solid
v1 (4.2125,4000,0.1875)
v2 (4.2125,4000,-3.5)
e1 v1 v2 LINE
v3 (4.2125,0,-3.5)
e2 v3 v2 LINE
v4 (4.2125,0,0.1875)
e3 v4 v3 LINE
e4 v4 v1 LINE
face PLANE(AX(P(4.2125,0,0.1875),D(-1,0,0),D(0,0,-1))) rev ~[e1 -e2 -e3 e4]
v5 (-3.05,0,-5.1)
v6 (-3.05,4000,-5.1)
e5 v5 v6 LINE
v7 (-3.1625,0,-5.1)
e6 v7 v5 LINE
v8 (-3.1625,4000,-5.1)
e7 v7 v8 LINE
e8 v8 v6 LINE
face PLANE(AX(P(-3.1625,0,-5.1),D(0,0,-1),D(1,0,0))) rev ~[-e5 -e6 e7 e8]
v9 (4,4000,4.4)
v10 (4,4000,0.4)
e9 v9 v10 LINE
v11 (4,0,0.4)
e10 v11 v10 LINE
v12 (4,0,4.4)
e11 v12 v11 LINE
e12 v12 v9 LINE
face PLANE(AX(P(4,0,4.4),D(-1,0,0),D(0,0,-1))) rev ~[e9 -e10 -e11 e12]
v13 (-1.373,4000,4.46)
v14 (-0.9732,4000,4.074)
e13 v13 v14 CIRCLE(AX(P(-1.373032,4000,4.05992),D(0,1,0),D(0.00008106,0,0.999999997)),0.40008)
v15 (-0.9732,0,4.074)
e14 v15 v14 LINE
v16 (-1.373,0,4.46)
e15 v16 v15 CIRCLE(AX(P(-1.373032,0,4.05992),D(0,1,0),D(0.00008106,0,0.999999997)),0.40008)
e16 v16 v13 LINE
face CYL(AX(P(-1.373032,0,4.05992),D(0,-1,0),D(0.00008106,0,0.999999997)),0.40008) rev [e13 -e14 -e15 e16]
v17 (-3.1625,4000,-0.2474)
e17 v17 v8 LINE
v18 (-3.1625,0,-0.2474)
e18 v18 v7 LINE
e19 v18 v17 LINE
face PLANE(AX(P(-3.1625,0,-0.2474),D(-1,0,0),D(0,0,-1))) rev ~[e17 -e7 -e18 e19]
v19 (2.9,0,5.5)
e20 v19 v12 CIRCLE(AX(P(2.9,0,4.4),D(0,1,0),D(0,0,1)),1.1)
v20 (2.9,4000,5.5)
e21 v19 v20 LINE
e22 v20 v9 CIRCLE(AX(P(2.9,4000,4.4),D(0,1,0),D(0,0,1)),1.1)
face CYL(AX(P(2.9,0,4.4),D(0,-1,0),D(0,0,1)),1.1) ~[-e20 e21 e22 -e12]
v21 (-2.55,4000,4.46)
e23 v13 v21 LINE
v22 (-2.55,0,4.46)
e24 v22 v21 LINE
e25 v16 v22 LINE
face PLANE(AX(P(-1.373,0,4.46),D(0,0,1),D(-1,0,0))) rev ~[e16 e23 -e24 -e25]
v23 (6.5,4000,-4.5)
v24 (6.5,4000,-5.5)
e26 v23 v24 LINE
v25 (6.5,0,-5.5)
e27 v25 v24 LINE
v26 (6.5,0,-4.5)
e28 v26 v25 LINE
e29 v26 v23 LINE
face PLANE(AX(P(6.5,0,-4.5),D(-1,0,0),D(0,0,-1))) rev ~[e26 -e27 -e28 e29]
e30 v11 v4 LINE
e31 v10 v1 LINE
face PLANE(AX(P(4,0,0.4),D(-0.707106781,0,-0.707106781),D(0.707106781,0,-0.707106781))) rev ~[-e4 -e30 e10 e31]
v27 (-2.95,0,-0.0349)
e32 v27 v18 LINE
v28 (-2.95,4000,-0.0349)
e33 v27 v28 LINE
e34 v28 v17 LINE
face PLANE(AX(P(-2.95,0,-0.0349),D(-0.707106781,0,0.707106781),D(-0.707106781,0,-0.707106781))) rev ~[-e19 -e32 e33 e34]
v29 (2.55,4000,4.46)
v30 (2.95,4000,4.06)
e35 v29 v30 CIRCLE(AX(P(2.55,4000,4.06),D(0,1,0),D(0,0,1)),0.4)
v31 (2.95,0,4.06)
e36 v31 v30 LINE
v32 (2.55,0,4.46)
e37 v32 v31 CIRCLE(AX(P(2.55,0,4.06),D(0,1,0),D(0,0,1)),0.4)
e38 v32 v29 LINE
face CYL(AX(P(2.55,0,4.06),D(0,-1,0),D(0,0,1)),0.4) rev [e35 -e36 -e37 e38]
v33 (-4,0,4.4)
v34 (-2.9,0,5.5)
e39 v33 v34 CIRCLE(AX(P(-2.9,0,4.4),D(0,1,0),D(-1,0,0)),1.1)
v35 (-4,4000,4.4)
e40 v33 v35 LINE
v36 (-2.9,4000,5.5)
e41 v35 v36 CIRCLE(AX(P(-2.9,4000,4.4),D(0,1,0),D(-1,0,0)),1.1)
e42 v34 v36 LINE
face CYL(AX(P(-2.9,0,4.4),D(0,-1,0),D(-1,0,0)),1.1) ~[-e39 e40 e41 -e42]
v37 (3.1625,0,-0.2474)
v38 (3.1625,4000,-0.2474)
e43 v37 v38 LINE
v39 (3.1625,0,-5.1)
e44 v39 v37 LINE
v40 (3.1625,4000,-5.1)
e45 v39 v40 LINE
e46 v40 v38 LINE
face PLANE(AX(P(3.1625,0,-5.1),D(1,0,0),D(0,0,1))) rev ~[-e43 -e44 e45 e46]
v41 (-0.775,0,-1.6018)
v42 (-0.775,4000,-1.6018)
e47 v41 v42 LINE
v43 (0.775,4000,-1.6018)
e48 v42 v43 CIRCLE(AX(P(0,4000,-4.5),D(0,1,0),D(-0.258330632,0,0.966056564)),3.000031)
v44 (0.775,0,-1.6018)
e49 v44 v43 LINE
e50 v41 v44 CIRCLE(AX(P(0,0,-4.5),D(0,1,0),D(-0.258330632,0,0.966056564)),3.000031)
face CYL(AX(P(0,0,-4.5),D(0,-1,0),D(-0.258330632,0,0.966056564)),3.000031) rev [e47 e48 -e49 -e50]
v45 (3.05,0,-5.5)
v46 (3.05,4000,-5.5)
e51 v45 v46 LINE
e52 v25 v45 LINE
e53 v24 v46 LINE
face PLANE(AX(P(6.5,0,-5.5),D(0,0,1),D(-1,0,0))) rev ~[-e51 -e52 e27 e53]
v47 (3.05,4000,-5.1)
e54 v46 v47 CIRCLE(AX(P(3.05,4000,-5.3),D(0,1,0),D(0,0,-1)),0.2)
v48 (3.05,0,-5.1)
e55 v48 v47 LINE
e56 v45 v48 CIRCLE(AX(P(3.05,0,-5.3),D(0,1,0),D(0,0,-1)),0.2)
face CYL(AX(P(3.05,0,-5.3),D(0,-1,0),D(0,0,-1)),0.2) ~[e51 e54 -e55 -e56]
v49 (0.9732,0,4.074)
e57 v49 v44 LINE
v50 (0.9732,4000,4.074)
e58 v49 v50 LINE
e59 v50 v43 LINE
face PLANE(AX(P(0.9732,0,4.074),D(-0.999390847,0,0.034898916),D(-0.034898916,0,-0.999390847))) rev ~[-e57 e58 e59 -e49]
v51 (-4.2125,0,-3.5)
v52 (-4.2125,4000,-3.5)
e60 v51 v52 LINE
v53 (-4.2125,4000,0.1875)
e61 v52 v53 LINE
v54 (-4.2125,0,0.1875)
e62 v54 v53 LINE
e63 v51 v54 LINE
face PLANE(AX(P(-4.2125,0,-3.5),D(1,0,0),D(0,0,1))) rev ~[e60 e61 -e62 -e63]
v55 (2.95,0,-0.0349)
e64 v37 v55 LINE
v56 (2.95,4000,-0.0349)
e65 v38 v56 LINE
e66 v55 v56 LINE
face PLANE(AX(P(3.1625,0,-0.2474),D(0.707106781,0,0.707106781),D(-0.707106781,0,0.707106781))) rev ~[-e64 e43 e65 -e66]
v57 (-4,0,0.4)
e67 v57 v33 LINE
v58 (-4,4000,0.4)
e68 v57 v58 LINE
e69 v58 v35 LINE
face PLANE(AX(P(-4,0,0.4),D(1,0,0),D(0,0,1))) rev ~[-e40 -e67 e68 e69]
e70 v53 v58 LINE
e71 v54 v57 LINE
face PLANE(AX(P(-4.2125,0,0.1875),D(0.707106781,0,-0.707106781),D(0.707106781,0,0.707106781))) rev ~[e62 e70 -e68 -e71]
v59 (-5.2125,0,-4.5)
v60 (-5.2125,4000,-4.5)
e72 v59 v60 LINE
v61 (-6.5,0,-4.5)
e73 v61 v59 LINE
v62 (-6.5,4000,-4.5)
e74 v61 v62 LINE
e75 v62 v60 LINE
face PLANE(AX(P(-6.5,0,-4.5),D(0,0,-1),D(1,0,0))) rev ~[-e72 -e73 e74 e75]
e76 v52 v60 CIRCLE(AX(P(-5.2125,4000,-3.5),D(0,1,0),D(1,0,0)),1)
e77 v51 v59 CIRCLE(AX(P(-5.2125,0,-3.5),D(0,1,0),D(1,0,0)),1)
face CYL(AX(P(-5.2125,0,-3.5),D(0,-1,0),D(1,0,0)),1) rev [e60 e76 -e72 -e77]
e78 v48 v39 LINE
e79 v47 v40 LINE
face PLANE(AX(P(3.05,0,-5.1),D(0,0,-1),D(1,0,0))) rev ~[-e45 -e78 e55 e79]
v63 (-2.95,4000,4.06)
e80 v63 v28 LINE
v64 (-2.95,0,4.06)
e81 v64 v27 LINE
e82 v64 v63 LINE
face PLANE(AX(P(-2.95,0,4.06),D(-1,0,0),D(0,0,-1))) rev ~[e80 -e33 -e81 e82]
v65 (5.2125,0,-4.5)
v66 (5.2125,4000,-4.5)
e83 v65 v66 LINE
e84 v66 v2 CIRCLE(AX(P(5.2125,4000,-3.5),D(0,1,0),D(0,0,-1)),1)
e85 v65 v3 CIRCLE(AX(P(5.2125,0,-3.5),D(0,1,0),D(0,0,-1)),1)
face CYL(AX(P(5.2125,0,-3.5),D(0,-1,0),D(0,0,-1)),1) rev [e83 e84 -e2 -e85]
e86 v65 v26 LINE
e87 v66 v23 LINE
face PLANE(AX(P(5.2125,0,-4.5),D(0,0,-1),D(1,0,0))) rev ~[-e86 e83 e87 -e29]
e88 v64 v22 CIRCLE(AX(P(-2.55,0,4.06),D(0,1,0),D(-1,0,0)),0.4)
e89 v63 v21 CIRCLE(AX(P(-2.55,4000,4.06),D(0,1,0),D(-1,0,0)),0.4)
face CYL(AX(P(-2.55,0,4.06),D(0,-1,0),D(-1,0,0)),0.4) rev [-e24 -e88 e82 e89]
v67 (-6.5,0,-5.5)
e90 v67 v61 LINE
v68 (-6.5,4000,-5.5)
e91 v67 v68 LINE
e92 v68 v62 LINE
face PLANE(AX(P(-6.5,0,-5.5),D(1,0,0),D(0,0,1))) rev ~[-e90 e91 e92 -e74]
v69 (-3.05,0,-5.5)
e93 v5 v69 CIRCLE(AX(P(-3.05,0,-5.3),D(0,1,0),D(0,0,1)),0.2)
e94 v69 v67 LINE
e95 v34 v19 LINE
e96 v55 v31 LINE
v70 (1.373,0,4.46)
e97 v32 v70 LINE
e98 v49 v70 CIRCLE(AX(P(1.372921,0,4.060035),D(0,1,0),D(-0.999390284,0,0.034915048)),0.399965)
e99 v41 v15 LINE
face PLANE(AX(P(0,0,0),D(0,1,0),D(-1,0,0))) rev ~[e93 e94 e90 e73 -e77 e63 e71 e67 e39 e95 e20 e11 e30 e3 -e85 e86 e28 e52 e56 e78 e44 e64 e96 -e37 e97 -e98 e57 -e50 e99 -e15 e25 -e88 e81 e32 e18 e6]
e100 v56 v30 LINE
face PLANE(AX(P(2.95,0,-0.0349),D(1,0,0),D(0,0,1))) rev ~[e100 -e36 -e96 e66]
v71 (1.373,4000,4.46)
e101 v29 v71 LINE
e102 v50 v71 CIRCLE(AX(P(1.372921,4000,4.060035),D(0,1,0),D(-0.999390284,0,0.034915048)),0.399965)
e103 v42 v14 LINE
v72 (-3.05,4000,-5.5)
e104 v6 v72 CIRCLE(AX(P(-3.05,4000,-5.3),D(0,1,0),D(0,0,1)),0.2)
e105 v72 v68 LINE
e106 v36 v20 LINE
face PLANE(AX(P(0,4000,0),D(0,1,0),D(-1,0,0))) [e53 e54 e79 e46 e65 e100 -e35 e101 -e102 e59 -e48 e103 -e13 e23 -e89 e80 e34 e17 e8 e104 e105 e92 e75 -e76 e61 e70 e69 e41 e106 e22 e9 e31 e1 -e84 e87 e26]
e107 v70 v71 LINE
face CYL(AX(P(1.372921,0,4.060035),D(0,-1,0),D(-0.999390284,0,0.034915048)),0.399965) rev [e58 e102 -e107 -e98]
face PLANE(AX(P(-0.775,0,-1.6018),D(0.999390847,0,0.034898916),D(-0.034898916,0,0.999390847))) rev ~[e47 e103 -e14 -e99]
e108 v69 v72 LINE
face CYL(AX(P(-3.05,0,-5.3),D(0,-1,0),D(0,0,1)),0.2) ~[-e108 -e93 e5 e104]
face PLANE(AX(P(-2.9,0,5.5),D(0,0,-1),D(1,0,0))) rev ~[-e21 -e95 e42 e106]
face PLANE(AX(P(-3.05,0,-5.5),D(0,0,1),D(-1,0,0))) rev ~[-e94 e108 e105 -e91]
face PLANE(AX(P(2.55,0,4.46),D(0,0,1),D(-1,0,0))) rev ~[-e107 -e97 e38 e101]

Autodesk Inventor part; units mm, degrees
ref_plane "YZ Plane" through (0, 0, 0) normal (1, 0, 0) x (0, 1, 0)
ref_plane "Start Plane" through (0, 0, 0) normal (0, 1, 0) x (-1, 0, 0)
ref_plane "End Plane" through (0, 4000, 0) normal (0, 1, 0) x (-1, 0, 0)
sketch "Sketch1" plane through (0, 0, 0) normal (0, 1, 0) x (-1, 0, 0)
  arc A0 (-3.05, -5.5) -> (-3.05, -5.1) centre (-3.05, -5.3) ccw
  line L0 (-3.05, -5.1) -> (-3.1625, -5.1)
  line L1 (-3.1625, -5.1) -> (-3.1625, -0.2474)
  line L2 (-3.1625, -0.2474) -> (-2.95, -0.0349)
  line L3 (-2.95, -0.0349) -> (-2.95, 4.06)
  arc A1 (-2.55, 4.46) -> (-2.95, 4.06) centre (-2.55, 4.06) ccw
  line L4 (-2.55, 4.46) -> (-1.373, 4.46)
  arc A2 (-0.9732, 4.074) -> (-1.373, 4.46) centre (-1.373, 4.06) ccw
  line L5 (-0.9732, 4.074) -> (-0.775, -1.6018)
  arc A3 (0.775, -1.6018) -> (-0.775, -1.6018) centre (0, -4.5) ccw
  line L6 (0.775, -1.6018) -> (0.9732, 4.074)
  arc A4 (1.373, 4.46) -> (0.9732, 4.074) centre (1.373, 4.06) ccw
  line L7 (1.373, 4.46) -> (2.55, 4.46)
  arc A5 (2.95, 4.06) -> (2.55, 4.46) centre (2.55, 4.06) ccw
  line L8 (2.95, 4.06) -> (2.95, -0.0349)
  line L9 (2.95, -0.0349) -> (3.1625, -0.2474)
  line L10 (3.1625, -0.2474) -> (3.1625, -5.1)
  line L11 (3.1625, -5.1) -> (3.05, -5.1)
  arc A6 (3.05, -5.1) -> (3.05, -5.5) centre (3.05, -5.3) ccw
  line L12 (3.05, -5.5) -> (6.5, -5.5)
  line L13 (6.5, -5.5) -> (6.5, -4.5)
  line L14 (6.5, -4.5) -> (5.2125, -4.5)
  arc A7 (4.2125, -3.5) -> (5.2125, -4.5) centre (5.2125, -3.5) ccw
  line L15 (4.2125, -3.5) -> (4.2125, 0.1875)
  line L16 (4.2125, 0.1875) -> (4, 0.4)
  line L17 (4, 0.4) -> (4, 4.4)
  arc A8 (4, 4.4) -> (2.9, 5.5) centre (2.9, 4.4) ccw
  line L18 (2.9, 5.5) -> (-2.9, 5.5)
  arc A9 (-2.9, 5.5) -> (-4, 4.4) centre (-2.9, 4.4) ccw
  line L19 (-4, 4.4) -> (-4, 0.4)
  line L20 (-4, 0.4) -> (-4.2125, 0.1875)
  line L21 (-4.2125, 0.1875) -> (-4.2125, -3.5)
  arc A10 (-5.2125, -4.5) -> (-4.2125, -3.5) centre (-5.2125, -3.5) ccw
  line L22 (-5.2125, -4.5) -> (-6.5, -4.5)
  line L23 (-6.5, -4.5) -> (-6.5, -5.5)
  line L24 (-6.5, -5.5) -> (-3.05, -5.5)
  point P0 (0, 0)
extrude "Body" add sketch "Sketch1" along normal up to surface (4000 mm away) from surface at 0
sketch "Sketch2" plane through (0, 0, 0) normal (0, 1, 0) x (-1, 0, 0)
  line L0 (0, 0) -> (10, 0)
ref_plane "Work Plane3" through (0, 0, 0) normal (0, 0, -1) x (-1, 0, 0)
sketch "Sketch3" plane through (0, 0, 0) normal (0, 0, -1) x (-1, 0, 0)
  line L0 (-2, 0) -> (12, 0)
  line L1 (-2, 4000) -> (12, 4000)
  dimension "d7" = 4000
equation "\"G_OFFSET_START\" = 0"
equation "\"G_OFFSET_END\" = 0"
equation "\"G_L\" = d7"
properties part number "13-106"
